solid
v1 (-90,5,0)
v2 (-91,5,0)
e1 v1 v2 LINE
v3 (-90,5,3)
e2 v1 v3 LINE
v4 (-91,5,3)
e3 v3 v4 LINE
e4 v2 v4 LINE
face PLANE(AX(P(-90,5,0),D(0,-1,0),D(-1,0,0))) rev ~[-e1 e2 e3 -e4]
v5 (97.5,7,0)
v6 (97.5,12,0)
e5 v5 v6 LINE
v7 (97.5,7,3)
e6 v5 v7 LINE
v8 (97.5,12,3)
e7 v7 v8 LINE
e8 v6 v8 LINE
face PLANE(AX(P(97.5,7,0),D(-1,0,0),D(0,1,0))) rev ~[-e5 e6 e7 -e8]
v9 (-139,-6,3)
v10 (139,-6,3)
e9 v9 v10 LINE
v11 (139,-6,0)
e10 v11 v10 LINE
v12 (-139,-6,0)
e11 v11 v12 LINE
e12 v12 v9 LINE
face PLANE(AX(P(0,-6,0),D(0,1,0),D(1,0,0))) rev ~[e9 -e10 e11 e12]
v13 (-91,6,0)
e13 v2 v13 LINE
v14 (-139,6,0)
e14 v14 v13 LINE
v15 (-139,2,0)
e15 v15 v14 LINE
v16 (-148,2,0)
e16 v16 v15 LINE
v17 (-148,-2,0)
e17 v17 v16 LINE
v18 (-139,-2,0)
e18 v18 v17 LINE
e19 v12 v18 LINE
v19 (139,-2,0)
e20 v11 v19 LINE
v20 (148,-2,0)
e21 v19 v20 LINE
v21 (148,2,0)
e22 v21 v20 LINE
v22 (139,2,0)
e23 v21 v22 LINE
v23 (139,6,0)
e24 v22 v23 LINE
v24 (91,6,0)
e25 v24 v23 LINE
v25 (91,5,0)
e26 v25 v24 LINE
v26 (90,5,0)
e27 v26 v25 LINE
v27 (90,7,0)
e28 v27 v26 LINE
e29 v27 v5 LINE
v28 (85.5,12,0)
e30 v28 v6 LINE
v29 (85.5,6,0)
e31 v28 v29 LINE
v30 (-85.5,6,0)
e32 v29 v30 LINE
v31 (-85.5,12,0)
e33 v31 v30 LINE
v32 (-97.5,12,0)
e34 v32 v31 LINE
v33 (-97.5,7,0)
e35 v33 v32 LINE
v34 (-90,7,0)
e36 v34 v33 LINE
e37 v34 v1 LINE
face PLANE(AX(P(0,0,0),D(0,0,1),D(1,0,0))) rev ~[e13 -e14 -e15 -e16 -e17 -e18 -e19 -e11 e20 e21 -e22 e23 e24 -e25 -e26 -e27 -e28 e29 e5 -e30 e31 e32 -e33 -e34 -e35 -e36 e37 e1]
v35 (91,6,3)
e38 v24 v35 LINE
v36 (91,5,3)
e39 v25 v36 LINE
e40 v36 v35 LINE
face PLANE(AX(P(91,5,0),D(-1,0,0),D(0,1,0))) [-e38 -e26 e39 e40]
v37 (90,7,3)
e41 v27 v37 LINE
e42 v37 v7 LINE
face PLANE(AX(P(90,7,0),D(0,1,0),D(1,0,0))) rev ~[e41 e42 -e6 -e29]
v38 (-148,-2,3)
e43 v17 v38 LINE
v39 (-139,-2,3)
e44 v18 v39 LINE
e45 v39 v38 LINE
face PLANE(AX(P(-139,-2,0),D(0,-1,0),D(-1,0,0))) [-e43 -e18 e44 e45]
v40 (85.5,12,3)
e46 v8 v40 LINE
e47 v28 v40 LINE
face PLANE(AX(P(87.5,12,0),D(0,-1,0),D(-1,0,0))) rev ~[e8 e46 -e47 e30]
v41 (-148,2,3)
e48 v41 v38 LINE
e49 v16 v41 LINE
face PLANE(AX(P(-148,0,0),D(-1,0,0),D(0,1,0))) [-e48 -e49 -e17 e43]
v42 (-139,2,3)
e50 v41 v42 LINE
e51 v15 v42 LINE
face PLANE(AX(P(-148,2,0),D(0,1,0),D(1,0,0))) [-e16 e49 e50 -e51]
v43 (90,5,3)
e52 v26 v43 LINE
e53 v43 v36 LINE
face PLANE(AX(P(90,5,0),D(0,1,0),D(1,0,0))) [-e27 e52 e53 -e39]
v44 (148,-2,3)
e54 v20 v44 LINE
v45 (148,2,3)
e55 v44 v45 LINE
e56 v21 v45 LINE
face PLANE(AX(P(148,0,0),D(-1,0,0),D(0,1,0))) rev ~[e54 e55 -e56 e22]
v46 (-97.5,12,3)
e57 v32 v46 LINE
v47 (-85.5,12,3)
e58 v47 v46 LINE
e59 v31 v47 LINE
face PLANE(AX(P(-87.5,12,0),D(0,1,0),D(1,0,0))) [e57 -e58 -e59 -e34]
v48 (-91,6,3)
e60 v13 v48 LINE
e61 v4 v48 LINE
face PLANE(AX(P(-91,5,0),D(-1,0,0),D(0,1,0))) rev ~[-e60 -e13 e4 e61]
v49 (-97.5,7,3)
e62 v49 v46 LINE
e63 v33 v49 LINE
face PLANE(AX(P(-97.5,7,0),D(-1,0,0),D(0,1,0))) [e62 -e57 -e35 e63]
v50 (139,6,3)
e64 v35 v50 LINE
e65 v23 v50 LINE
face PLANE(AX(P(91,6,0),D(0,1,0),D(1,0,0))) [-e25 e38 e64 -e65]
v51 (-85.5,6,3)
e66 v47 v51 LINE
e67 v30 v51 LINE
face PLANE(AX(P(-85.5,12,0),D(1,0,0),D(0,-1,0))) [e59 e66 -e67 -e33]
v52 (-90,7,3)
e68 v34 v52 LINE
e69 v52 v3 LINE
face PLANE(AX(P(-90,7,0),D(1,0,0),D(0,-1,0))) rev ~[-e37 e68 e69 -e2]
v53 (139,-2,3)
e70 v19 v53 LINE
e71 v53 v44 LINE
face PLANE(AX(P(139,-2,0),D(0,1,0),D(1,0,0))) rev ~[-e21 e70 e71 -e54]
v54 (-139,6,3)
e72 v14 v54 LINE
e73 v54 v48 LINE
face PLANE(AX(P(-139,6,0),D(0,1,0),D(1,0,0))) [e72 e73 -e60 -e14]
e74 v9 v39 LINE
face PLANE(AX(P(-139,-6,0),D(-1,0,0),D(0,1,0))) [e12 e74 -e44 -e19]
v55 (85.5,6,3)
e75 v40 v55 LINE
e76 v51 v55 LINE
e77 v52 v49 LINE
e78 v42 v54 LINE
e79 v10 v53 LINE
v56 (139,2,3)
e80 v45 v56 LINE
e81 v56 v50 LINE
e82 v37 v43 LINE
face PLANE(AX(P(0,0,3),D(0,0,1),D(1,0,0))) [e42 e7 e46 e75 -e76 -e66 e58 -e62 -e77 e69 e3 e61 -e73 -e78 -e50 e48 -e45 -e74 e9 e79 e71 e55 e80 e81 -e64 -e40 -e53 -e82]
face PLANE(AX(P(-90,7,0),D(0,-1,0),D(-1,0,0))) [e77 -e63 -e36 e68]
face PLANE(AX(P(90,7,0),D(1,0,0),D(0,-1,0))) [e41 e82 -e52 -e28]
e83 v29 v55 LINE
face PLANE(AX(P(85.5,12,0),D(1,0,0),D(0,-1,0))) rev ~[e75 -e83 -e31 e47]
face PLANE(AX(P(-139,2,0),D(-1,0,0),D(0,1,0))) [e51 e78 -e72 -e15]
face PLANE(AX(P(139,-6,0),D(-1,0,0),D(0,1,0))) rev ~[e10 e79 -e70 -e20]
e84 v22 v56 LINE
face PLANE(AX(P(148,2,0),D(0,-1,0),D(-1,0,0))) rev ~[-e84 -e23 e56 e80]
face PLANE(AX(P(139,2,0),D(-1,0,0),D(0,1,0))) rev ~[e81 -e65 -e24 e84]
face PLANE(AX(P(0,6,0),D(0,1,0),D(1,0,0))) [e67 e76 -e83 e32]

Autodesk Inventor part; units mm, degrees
ref_plane "YZ Plane" through (0, 0, 0) normal (1, 0, 0) x (0, 1, 0)
ref_plane "XY Plane" through (0, 0, 0) normal (0, 0, 1) x (1, 0, 0)
sketch "草圖1" plane through (0, 0, 0) normal (0, 0, 1) x (1, 0, 0)
  line L0 (0, 6) -> (0, -6)
  line L1 (0, -6) -> (-139, -6)
  line L2 (-139, -6) -> (-139, 6)
  line L3 (-148, 2) -> (-139, 2)
  line L4 (-139, 2) -> (-139, -2)
  line L5 (-139, -2) -> (-148, -2)
  line L6 (-148, -2) -> (-148, 2)
  line L7 (-207.2, 0) -> (207.2, 0) projected
  line L8 (0, -9.6) -> (0, 15.6) projected
  line L9 (0, -6) -> (139, -6)
  line L10 (139, -6) -> (139, 6)
  line L11 (148, 2) -> (139, 2)
  line L12 (139, -2) -> (148, -2)
  line L13 (148, -2) -> (148, 2)
  line L14 (-148, -2) -> (-139, -2)
  line L15 (-139, -2) -> (-139, -6)
  line L16 (139, -6) -> (139, -2)
  line L17 (139, -2) -> (148, -2)
  line L18 (148, -2) -> (148, 2)
  line L19 (148, 2) -> (139, 2)
  line L20 (139, 2) -> (139, 6)
  line L21 (-139, 6) -> (-139, 2)
  line L22 (-139, 2) -> (-148, 2)
  line L23 (-148, 2) -> (-148, -2)
  line L24 (-97.5, 7) -> (-97.5, 12)
  line L25 (-97.5, 12) -> (-87.5, 12)
  line L26 (-90, 7) -> (-97.5, 7)
  line L27 (-90, 7) -> (-90, 5)
  line L28 (-90, 5) -> (-91, 5)
  line L29 (-91, 5) -> (-91, 6)
  line L30 (97.5, 7) -> (97.5, 12)
  line L31 (97.5, 12) -> (87.5, 12)
  line L32 (90, 7) -> (97.5, 7)
  line L33 (90, 7) -> (90, 5)
  line L34 (90, 5) -> (91, 5)
  line L35 (91, 5) -> (91, 6)
  line L36 (-139, 6) -> (-91, 6)
  line L37 (-85.5, 6) -> (85.5, 6)
  line L38 (91, 6) -> (139, 6)
  line L39 (-87.5, 12) -> (-85.5, 12)
  line L40 (-85.5, 12) -> (-85.5, 6)
  line L41 (87.5, 12) -> (85.5, 12)
  line L42 (85.5, 12) -> (85.5, 6)
  point P0 (0, 0)
  point P1 (-139, 2)
  dimension "d2" = 4
  dimension "d13" = 2
  dimension "d14" = 2
  dimension "d17" = 12
extrude "擠出1" add sketch "草圖1" along normal blind 3
ref_plane "工作平面1" through (0, 0, 1.5) normal (0, 0, 1) x (1, 0, 0)
properties part number "rod_4"
